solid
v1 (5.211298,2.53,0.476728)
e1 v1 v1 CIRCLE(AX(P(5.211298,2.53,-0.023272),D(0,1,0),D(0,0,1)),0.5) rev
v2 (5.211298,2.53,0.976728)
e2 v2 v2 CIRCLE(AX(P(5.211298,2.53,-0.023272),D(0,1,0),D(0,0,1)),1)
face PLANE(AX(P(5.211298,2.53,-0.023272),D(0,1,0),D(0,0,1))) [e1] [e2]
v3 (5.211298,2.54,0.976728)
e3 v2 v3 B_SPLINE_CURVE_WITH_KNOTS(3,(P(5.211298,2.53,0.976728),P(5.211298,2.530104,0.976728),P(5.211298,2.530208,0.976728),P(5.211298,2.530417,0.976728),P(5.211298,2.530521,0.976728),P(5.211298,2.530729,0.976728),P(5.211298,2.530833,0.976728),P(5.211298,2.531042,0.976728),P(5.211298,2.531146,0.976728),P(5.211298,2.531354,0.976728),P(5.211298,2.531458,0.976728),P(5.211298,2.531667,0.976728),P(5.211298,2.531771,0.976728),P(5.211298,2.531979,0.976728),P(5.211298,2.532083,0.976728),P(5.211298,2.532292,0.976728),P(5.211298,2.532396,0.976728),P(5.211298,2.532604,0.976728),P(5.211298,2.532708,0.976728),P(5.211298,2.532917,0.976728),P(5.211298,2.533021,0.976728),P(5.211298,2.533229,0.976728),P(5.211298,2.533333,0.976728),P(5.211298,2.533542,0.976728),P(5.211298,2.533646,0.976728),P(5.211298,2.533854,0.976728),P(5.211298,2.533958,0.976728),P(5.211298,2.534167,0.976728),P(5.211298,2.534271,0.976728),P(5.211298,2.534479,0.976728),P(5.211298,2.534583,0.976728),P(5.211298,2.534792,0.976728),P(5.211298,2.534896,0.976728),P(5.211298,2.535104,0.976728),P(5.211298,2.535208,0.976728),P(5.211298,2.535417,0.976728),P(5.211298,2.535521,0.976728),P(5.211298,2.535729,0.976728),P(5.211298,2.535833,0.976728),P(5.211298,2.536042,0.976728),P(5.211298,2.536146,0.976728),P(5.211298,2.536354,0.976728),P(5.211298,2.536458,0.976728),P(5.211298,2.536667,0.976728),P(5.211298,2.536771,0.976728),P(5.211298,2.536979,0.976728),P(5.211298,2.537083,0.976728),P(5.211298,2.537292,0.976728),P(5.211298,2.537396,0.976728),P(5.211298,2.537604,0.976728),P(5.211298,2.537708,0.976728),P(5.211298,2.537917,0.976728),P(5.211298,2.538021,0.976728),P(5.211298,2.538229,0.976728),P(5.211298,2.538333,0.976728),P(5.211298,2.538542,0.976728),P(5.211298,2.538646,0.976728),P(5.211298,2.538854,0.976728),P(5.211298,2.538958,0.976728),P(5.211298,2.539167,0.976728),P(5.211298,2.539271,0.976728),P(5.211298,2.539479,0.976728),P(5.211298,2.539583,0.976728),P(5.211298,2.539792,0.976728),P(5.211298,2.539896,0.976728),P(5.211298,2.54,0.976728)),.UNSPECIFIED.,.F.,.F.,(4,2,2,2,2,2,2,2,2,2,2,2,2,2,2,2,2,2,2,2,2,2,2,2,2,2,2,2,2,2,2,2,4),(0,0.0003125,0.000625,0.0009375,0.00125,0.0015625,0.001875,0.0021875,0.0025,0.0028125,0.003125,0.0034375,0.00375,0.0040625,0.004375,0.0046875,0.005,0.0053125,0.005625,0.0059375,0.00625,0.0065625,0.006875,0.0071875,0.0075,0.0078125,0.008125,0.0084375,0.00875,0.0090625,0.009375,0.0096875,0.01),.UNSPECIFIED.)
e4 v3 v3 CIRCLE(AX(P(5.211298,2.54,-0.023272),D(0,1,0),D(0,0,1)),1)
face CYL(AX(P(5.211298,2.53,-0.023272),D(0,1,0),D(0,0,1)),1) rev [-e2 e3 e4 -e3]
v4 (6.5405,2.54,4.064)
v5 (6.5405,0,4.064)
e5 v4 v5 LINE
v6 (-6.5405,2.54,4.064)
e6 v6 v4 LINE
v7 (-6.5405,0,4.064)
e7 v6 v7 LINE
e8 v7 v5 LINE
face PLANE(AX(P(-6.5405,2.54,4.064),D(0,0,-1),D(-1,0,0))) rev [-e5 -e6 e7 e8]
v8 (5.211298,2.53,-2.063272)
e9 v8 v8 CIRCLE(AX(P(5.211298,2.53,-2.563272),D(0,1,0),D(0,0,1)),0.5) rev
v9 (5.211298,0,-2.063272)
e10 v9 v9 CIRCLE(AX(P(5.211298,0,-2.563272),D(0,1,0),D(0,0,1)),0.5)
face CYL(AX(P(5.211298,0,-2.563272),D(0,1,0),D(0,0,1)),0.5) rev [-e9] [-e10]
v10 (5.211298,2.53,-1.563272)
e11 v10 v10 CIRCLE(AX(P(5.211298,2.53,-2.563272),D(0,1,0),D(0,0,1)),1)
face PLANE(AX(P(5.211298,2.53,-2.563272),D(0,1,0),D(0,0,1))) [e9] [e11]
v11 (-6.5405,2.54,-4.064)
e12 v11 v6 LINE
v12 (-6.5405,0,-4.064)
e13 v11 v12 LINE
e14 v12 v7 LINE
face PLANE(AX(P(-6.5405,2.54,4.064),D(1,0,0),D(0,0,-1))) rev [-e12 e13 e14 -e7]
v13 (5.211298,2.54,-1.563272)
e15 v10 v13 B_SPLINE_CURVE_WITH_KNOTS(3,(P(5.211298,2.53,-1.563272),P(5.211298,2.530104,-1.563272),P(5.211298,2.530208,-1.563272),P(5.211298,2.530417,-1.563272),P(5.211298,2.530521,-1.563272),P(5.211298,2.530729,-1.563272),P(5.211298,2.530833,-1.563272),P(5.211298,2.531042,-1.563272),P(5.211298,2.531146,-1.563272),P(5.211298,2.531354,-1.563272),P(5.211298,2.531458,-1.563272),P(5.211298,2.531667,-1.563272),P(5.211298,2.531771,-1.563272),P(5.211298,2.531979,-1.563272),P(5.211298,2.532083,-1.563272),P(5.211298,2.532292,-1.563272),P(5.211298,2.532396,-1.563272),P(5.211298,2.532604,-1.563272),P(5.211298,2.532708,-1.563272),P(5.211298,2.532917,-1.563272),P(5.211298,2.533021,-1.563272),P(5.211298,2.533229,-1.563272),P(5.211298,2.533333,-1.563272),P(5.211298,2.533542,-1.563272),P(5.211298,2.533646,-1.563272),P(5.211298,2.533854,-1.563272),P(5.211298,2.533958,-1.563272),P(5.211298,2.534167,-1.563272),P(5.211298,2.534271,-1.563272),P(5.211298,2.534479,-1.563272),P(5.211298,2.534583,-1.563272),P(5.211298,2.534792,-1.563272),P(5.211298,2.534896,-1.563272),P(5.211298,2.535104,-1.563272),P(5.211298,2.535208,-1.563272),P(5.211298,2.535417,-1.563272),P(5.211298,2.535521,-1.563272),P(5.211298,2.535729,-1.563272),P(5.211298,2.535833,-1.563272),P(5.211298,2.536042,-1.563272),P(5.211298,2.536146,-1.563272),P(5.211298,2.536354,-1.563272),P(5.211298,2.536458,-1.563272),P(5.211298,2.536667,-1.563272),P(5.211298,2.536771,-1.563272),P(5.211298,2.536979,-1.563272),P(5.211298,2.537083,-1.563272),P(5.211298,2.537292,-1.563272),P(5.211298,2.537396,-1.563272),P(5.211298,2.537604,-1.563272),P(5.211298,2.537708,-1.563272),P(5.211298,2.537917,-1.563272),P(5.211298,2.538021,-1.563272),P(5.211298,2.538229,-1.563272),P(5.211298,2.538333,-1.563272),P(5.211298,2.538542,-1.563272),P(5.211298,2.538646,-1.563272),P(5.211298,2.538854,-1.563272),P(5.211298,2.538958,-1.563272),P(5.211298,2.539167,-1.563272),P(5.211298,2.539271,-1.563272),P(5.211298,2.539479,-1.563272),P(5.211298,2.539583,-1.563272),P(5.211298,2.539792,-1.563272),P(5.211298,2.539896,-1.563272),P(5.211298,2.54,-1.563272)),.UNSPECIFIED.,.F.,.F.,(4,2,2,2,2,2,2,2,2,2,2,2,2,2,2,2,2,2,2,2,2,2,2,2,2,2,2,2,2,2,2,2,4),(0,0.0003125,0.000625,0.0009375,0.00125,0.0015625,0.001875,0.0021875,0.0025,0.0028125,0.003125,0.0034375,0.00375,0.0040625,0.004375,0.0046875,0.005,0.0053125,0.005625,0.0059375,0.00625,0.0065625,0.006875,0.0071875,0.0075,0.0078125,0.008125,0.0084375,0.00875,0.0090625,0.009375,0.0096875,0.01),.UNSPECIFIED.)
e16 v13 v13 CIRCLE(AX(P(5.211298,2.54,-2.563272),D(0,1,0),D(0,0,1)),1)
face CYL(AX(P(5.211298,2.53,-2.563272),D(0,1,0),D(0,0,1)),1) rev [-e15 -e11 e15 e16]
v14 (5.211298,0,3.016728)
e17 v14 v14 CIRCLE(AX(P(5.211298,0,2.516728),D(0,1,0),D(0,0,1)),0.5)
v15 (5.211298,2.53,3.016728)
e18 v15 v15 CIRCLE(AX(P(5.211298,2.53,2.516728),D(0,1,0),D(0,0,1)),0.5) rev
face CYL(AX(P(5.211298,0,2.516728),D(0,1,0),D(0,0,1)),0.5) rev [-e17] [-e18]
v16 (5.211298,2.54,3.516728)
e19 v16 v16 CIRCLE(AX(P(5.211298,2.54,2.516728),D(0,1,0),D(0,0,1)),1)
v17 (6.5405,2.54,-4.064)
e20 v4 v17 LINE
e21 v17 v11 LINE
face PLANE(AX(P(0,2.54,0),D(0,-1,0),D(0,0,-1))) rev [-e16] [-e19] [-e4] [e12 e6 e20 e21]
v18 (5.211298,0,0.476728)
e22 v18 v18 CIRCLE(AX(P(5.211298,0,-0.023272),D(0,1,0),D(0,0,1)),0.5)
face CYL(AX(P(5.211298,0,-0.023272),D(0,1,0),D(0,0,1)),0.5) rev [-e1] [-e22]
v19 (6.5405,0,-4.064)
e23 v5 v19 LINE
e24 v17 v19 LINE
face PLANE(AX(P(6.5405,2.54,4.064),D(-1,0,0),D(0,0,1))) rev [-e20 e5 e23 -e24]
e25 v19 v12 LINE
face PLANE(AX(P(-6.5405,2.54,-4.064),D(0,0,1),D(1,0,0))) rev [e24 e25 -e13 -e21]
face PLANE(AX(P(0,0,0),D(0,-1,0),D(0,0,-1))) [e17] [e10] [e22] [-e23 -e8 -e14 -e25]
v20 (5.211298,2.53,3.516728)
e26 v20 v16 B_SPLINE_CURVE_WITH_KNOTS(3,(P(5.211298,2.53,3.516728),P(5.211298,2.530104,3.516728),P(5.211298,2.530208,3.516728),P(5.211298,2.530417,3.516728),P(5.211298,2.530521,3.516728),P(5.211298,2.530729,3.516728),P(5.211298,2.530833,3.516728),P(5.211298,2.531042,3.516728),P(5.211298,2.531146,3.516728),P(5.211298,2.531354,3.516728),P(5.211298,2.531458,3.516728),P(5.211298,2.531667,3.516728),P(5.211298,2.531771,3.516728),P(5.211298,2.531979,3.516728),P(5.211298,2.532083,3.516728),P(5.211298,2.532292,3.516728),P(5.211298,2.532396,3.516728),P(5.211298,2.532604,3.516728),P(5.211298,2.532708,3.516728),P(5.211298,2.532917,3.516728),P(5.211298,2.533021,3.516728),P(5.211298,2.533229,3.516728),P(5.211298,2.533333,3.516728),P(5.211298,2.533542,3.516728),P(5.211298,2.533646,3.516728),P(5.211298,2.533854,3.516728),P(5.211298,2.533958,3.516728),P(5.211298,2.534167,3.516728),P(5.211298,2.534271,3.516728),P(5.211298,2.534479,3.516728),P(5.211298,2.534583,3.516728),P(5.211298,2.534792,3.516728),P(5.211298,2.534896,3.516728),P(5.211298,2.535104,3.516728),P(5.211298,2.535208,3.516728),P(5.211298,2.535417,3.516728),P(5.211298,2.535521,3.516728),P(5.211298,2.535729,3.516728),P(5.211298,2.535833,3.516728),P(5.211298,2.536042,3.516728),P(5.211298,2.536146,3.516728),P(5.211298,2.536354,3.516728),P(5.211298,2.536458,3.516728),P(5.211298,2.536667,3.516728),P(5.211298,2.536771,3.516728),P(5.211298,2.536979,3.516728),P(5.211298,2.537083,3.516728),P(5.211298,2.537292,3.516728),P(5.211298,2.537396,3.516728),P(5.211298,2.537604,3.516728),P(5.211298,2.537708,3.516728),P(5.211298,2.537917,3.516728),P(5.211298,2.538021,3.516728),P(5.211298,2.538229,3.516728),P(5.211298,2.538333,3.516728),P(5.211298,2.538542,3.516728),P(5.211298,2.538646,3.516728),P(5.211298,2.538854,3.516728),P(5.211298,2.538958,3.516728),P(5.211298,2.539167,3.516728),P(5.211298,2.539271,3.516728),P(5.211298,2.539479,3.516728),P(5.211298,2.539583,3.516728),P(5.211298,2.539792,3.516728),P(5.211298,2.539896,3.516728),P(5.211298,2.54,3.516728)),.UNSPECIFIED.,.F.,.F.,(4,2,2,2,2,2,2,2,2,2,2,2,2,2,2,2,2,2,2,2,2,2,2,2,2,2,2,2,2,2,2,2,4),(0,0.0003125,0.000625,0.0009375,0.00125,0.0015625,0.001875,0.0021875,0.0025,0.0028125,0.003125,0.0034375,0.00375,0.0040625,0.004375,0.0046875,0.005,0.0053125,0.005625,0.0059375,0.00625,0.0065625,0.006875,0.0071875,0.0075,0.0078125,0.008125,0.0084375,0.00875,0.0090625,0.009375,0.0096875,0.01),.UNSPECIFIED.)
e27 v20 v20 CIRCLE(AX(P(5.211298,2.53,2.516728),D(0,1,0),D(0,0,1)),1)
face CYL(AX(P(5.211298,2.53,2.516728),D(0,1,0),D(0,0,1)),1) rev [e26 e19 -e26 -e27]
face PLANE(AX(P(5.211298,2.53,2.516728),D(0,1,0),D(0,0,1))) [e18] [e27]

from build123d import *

# Parameters (mm, degrees)
SKETCH1_W           = 13.081
SKETCH1_H           = 8.128
BOSS_EXTRUDE1_DEPTH = 2.54
SKETCH2_R           = 0.5
CUT_EXTRUDE1_DEPTH  = 9.108380618
SKETCH3_R           = 1
CUT_EXTRUDE2_DEPTH  = 0.01


with BuildPart() as part:
    # Sketch1 → Boss-Extrude1 (new body)
    with BuildSketch(Plane(origin=(0, 0, 0), x_dir=(1, 0, 0), z_dir=(0, 1, 0))):
        Rectangle(SKETCH1_W, SKETCH1_H)
    extrude(amount=BOSS_EXTRUDE1_DEPTH)

    # Sketch2 → Cut-Extrude1 (cut, through all)
    with BuildSketch(Plane(origin=(0, 2.54, 0), x_dir=(1, 0, 0), z_dir=(0, 1, 0))):
        with Locations(Location((5.211297807, 2.563271845, 0), (0, 0, 270))):
            Circle(SKETCH2_R)
        with Locations(Location((5.211297807, 0.023271845, 0), (0, 0, 270))):
            Circle(SKETCH2_R)
        with Locations(Location((5.211297807, -2.516728155, 0), (0, 0, 270))):
            Circle(SKETCH2_R)
    extrude(amount=-CUT_EXTRUDE1_DEPTH, mode=Mode.SUBTRACT)

    # Sketch3 → Cut-Extrude2 (cut)
    with BuildSketch(Plane(origin=(0, 2.54, 0), x_dir=(1, 0, 0), z_dir=(0, 1, 0))):
        with Locations(Location((5.211297807, 2.563271845, 0), (0, 0, 270))):
            Circle(SKETCH3_R)
        with Locations(Location((5.211297807, 0.023271845, 0), (0, 0, 270))):
            Circle(SKETCH3_R)
        with Locations(Location((5.211297807, -2.516728155, 0), (0, 0, 270))):
            Circle(SKETCH3_R)
    extrude(amount=-CUT_EXTRUDE2_DEPTH, mode=Mode.SUBTRACT)


solid = part.part
